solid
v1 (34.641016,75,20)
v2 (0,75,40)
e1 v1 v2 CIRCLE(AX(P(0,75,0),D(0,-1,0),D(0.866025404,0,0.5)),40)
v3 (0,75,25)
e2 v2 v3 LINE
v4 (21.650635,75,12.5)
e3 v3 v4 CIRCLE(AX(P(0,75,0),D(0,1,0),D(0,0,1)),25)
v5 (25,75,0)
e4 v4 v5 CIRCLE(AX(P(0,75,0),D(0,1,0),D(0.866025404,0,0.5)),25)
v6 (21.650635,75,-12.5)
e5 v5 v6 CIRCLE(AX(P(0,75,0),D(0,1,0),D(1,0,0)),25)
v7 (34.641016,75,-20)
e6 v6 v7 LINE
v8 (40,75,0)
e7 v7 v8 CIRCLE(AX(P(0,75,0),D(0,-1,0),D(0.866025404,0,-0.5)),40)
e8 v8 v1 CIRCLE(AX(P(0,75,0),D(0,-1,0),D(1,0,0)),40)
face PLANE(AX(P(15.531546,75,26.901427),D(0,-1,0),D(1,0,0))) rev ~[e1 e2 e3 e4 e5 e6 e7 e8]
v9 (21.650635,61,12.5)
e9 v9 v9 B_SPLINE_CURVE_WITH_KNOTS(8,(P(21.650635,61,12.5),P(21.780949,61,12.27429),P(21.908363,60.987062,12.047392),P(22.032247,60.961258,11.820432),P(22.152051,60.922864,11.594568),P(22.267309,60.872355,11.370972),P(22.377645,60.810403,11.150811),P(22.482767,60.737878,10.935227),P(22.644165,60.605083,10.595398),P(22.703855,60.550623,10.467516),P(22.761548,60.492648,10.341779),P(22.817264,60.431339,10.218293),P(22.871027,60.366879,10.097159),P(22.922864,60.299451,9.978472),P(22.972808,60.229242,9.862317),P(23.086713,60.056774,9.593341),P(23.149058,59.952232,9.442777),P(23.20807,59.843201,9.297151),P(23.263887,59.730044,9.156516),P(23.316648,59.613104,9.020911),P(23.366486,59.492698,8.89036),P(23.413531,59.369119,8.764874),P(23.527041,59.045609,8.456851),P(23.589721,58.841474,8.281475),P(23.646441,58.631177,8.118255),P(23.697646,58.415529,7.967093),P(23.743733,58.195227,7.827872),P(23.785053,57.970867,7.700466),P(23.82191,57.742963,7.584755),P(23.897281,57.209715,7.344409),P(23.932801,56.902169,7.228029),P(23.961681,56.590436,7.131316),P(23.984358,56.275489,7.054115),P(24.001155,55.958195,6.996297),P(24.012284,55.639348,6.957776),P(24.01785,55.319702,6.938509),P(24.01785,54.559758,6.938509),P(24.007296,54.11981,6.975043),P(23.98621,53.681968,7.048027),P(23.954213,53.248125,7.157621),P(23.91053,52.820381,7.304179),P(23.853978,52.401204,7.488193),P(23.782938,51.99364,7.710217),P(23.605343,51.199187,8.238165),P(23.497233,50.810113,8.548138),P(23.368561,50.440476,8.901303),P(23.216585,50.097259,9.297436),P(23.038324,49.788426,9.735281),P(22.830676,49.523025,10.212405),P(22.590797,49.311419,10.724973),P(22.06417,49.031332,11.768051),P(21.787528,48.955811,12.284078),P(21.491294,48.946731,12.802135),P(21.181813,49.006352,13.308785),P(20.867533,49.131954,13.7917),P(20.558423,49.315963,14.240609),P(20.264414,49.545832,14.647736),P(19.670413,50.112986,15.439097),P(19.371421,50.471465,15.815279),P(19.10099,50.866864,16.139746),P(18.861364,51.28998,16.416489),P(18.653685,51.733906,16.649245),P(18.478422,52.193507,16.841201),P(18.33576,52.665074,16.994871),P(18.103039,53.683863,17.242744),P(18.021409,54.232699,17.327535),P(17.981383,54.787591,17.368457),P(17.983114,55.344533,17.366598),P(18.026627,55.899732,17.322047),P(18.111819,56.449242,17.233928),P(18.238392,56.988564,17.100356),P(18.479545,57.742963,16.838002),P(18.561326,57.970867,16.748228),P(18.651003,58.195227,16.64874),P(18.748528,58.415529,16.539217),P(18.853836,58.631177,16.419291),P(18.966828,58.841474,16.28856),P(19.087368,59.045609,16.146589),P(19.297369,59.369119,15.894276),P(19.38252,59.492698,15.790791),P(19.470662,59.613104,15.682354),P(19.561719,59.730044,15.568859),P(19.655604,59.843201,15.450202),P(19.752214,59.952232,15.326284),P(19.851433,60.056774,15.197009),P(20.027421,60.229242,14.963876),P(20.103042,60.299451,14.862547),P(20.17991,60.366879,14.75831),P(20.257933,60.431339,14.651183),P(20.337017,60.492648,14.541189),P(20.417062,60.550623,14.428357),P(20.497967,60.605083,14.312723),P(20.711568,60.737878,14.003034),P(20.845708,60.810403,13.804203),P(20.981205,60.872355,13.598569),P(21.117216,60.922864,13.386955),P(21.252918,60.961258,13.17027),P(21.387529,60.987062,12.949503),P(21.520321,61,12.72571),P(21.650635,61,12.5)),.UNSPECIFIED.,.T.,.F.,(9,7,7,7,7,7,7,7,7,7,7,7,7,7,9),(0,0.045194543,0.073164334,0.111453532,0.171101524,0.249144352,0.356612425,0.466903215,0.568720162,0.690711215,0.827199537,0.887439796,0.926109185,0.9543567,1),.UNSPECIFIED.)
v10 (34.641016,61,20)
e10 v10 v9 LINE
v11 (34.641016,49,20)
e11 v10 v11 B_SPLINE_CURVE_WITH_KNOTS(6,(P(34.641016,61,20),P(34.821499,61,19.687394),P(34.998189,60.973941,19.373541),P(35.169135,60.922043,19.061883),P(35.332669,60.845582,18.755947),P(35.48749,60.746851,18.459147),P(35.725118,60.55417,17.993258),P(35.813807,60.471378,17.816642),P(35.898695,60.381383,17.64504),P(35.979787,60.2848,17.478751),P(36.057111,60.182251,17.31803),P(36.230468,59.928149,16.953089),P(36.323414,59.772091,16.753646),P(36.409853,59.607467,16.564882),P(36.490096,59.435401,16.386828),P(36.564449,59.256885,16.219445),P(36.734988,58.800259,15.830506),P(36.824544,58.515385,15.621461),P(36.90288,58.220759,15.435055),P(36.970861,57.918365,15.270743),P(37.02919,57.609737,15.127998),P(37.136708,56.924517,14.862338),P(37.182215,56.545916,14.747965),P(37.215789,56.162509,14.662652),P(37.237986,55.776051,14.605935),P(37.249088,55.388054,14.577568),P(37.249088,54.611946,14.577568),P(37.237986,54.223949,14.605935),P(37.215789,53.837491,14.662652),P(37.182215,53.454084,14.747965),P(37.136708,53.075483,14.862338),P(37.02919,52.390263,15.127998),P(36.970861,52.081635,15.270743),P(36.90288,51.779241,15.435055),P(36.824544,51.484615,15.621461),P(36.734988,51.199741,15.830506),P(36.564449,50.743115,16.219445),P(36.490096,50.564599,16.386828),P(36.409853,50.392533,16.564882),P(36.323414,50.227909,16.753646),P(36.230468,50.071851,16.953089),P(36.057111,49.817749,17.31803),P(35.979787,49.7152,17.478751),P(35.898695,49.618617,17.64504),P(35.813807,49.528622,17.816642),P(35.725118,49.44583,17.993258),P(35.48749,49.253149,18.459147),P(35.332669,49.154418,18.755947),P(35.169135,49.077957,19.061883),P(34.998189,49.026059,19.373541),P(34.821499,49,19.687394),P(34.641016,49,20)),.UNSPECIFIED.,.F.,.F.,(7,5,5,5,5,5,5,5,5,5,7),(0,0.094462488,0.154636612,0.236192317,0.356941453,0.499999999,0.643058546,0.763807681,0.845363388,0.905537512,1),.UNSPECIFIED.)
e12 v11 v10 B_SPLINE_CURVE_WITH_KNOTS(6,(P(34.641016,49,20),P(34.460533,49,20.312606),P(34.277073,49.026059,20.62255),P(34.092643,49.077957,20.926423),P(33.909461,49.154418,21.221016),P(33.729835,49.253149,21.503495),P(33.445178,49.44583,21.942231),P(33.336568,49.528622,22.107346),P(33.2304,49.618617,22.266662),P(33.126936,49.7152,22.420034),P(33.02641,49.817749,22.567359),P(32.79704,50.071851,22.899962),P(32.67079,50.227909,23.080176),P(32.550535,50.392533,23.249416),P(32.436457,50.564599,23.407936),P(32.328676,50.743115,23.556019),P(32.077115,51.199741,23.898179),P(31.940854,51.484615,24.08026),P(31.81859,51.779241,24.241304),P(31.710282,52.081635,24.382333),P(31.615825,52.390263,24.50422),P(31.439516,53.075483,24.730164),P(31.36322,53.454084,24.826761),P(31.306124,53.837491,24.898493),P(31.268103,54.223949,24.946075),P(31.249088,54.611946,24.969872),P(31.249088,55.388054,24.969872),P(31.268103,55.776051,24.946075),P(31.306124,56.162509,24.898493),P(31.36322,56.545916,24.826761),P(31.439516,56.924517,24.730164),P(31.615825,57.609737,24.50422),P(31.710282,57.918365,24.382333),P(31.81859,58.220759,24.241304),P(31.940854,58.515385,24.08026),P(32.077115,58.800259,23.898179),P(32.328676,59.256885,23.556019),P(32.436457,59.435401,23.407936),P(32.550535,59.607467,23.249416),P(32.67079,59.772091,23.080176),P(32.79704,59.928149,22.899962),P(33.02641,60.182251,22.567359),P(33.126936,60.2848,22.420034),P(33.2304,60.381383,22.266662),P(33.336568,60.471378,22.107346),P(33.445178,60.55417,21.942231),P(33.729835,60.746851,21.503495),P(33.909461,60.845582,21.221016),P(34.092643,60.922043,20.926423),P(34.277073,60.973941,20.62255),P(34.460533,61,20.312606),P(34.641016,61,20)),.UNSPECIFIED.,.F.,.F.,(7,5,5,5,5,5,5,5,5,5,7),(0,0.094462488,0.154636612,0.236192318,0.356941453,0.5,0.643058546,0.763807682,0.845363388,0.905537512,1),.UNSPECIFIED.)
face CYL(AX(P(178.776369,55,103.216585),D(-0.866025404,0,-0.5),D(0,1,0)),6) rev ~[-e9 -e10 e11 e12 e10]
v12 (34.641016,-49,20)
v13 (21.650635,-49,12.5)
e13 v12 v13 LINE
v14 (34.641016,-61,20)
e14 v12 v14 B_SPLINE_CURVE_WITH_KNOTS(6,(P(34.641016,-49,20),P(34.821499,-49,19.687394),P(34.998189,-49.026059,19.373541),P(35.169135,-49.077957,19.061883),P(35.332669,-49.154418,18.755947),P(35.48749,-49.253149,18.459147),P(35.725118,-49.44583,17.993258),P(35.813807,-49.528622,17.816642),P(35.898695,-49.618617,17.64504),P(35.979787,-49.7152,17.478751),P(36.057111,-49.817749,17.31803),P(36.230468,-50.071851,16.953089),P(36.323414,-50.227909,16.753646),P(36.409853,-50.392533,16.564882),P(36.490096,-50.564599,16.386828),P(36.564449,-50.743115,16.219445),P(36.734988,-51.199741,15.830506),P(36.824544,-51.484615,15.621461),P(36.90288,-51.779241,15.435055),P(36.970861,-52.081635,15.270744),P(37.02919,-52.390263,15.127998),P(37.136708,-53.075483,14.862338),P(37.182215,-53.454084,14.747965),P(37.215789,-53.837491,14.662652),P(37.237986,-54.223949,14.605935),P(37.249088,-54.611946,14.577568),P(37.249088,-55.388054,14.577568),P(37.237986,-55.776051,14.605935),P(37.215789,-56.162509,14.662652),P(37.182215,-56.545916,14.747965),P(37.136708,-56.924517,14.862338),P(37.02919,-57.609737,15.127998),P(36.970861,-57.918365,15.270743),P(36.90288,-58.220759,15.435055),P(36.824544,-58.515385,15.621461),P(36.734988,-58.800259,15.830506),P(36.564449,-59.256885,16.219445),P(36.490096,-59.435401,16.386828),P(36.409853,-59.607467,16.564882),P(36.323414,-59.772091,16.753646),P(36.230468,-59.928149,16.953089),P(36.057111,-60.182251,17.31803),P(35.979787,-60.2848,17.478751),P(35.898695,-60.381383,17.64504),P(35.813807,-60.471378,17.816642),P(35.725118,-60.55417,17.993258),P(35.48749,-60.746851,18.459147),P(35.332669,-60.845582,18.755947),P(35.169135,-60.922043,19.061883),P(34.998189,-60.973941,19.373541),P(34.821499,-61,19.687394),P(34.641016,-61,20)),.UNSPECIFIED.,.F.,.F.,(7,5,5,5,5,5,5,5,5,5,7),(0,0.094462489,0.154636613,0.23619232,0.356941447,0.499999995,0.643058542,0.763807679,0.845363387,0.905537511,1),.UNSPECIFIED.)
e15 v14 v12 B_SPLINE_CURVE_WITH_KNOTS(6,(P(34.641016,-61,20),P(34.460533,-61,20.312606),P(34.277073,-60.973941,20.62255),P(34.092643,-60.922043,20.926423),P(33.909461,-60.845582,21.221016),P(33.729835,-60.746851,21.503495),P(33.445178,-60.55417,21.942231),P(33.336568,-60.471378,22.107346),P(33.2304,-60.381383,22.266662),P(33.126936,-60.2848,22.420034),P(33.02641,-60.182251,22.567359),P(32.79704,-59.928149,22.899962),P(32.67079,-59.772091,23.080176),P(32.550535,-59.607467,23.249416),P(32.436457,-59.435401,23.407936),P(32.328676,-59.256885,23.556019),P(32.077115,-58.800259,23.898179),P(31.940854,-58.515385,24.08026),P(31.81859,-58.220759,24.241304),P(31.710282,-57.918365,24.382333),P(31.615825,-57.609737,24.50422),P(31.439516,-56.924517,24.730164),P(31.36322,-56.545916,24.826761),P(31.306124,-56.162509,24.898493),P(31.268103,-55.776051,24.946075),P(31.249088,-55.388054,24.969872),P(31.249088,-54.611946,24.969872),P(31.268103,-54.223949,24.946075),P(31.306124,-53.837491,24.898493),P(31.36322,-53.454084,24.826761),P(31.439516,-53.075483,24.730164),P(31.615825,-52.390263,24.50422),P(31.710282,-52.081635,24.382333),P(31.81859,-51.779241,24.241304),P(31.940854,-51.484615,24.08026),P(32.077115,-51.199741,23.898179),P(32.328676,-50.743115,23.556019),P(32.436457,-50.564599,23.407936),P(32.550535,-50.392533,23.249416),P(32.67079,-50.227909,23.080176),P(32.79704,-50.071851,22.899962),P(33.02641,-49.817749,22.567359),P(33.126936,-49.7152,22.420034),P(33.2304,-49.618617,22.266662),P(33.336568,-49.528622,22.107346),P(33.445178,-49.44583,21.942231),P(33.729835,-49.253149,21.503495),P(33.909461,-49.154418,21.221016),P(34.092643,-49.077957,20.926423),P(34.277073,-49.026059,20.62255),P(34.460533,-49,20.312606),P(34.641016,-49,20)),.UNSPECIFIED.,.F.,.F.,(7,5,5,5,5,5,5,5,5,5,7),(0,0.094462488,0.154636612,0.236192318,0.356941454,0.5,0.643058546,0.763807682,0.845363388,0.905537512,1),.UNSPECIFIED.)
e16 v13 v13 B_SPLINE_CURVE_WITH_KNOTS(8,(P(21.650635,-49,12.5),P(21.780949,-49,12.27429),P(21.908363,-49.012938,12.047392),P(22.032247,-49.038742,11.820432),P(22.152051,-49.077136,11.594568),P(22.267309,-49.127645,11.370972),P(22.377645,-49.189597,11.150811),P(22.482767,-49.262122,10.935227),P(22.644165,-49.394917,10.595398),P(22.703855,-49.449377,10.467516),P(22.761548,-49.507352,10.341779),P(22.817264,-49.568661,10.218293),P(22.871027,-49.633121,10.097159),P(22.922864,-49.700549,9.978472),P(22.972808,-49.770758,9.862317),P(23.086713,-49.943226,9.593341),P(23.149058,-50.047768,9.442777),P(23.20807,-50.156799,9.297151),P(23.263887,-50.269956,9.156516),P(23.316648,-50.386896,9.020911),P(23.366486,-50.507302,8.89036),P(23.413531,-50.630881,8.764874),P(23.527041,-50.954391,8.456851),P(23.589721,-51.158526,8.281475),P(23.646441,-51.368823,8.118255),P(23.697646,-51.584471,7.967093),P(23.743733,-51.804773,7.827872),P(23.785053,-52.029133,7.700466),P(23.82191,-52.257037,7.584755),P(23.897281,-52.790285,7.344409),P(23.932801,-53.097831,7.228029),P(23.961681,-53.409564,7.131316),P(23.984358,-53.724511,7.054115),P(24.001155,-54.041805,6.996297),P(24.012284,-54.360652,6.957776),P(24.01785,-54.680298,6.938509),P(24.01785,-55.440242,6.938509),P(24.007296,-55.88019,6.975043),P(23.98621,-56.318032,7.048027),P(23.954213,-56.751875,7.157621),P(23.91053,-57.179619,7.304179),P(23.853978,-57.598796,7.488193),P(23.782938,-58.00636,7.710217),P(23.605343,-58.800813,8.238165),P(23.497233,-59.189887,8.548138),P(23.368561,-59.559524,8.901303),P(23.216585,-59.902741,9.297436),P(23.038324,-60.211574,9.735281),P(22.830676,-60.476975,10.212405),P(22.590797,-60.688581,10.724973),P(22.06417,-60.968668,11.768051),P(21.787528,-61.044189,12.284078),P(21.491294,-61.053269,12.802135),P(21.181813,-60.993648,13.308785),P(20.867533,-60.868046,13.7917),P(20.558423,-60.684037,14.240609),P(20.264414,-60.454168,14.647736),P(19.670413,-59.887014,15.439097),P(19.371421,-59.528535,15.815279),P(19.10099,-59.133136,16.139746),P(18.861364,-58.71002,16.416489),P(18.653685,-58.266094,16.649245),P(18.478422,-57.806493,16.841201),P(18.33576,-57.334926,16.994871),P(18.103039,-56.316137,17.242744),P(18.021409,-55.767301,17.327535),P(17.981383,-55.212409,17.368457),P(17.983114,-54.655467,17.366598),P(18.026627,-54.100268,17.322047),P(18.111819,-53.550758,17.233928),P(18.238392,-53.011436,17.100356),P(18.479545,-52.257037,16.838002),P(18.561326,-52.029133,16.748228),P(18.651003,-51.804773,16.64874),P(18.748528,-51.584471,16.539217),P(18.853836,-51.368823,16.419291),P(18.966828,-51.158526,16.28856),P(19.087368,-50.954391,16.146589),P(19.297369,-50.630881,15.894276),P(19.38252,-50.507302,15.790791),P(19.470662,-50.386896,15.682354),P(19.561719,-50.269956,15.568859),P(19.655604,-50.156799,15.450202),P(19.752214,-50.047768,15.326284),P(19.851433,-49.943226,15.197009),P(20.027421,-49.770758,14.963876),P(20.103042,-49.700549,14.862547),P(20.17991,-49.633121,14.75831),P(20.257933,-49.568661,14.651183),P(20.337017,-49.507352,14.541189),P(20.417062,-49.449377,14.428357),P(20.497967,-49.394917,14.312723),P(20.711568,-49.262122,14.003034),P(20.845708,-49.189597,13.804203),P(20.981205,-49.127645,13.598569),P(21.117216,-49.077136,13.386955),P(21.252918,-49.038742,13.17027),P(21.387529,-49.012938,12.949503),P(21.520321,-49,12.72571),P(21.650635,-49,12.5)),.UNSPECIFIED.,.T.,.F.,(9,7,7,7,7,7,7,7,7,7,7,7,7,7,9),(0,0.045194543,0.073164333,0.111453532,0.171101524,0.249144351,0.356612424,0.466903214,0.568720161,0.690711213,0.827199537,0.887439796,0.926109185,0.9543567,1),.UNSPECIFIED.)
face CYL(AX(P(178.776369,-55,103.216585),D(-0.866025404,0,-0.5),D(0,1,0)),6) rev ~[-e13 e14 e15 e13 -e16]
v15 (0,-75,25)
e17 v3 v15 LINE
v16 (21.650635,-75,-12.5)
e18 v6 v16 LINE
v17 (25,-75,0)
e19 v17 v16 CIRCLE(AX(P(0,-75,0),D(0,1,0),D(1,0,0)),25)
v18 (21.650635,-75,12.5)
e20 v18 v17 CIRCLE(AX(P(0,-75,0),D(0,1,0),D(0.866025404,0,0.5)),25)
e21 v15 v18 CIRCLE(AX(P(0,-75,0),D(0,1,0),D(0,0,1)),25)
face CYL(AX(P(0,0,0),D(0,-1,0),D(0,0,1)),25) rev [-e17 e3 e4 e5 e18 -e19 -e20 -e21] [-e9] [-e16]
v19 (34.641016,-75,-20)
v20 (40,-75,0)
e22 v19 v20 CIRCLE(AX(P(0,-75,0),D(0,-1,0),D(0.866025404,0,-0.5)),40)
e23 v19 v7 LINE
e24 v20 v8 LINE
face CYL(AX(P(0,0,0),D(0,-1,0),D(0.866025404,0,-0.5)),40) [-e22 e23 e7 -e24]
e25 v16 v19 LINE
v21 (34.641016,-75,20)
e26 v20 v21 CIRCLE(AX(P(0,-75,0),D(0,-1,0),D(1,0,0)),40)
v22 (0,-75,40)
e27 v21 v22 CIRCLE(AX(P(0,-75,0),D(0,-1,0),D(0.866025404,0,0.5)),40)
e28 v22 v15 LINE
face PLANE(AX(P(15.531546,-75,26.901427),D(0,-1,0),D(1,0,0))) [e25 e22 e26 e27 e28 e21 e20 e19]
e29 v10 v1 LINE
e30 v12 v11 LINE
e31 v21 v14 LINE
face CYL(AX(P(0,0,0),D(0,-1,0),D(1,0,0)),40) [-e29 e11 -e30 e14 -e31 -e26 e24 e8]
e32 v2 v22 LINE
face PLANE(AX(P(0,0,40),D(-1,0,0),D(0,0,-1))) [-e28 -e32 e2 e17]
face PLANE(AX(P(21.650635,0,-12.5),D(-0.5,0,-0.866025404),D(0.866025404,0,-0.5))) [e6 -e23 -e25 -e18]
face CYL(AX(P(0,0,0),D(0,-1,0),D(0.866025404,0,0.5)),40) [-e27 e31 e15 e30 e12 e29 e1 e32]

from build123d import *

# Parameters (mm, degrees)
F1_DEPTH = 75
F5_D     = 12


with BuildPart() as f1:
    # F0 (on Front) → F1 (new body, symmetric)
    with BuildSketch(Plane.XZ):
        with BuildLine():
            Line((21.6506350946, 12.5), (34.6410161514, 20))
            ThreePointArc((34.6410161514, 20), (20, 34.6410161514), (0, 40))
            Line((0, 40), (0, 25))
            ThreePointArc((0, 25), (12.5, 21.6506350946), (21.6506350946, 12.5))
        make_face()
        with BuildLine():
            ThreePointArc((34.6410161514, -20), (38.6370330516, -10.3527618041), (40, 0))
            ThreePointArc((40, 0), (38.6370330516, 10.3527618041), (34.6410161514, 20))
            Line((34.6410161514, 20), (21.6506350946, 12.5))
            ThreePointArc((21.6506350946, 12.5), (24.1481456572, 6.4704761276), (25, 0))
            ThreePointArc((25, 0), (24.1481456572, -6.4704761276), (21.6506350946, -12.5))
            Line((21.6506350946, -12.5), (34.6410161514, -20))
        make_face()
    extrude(amount=F1_DEPTH, both=True)

    # F5 (through all)
    with Locations(Plane(origin=(34.6410161514, 0, 20), x_dir=(0, -1, 0), z_dir=(0.8660254038, 0, 0.5))):
        with Locations((55, 0), (-55, 0)):
            Hole(F5_D / 2)


solid = f1.part
